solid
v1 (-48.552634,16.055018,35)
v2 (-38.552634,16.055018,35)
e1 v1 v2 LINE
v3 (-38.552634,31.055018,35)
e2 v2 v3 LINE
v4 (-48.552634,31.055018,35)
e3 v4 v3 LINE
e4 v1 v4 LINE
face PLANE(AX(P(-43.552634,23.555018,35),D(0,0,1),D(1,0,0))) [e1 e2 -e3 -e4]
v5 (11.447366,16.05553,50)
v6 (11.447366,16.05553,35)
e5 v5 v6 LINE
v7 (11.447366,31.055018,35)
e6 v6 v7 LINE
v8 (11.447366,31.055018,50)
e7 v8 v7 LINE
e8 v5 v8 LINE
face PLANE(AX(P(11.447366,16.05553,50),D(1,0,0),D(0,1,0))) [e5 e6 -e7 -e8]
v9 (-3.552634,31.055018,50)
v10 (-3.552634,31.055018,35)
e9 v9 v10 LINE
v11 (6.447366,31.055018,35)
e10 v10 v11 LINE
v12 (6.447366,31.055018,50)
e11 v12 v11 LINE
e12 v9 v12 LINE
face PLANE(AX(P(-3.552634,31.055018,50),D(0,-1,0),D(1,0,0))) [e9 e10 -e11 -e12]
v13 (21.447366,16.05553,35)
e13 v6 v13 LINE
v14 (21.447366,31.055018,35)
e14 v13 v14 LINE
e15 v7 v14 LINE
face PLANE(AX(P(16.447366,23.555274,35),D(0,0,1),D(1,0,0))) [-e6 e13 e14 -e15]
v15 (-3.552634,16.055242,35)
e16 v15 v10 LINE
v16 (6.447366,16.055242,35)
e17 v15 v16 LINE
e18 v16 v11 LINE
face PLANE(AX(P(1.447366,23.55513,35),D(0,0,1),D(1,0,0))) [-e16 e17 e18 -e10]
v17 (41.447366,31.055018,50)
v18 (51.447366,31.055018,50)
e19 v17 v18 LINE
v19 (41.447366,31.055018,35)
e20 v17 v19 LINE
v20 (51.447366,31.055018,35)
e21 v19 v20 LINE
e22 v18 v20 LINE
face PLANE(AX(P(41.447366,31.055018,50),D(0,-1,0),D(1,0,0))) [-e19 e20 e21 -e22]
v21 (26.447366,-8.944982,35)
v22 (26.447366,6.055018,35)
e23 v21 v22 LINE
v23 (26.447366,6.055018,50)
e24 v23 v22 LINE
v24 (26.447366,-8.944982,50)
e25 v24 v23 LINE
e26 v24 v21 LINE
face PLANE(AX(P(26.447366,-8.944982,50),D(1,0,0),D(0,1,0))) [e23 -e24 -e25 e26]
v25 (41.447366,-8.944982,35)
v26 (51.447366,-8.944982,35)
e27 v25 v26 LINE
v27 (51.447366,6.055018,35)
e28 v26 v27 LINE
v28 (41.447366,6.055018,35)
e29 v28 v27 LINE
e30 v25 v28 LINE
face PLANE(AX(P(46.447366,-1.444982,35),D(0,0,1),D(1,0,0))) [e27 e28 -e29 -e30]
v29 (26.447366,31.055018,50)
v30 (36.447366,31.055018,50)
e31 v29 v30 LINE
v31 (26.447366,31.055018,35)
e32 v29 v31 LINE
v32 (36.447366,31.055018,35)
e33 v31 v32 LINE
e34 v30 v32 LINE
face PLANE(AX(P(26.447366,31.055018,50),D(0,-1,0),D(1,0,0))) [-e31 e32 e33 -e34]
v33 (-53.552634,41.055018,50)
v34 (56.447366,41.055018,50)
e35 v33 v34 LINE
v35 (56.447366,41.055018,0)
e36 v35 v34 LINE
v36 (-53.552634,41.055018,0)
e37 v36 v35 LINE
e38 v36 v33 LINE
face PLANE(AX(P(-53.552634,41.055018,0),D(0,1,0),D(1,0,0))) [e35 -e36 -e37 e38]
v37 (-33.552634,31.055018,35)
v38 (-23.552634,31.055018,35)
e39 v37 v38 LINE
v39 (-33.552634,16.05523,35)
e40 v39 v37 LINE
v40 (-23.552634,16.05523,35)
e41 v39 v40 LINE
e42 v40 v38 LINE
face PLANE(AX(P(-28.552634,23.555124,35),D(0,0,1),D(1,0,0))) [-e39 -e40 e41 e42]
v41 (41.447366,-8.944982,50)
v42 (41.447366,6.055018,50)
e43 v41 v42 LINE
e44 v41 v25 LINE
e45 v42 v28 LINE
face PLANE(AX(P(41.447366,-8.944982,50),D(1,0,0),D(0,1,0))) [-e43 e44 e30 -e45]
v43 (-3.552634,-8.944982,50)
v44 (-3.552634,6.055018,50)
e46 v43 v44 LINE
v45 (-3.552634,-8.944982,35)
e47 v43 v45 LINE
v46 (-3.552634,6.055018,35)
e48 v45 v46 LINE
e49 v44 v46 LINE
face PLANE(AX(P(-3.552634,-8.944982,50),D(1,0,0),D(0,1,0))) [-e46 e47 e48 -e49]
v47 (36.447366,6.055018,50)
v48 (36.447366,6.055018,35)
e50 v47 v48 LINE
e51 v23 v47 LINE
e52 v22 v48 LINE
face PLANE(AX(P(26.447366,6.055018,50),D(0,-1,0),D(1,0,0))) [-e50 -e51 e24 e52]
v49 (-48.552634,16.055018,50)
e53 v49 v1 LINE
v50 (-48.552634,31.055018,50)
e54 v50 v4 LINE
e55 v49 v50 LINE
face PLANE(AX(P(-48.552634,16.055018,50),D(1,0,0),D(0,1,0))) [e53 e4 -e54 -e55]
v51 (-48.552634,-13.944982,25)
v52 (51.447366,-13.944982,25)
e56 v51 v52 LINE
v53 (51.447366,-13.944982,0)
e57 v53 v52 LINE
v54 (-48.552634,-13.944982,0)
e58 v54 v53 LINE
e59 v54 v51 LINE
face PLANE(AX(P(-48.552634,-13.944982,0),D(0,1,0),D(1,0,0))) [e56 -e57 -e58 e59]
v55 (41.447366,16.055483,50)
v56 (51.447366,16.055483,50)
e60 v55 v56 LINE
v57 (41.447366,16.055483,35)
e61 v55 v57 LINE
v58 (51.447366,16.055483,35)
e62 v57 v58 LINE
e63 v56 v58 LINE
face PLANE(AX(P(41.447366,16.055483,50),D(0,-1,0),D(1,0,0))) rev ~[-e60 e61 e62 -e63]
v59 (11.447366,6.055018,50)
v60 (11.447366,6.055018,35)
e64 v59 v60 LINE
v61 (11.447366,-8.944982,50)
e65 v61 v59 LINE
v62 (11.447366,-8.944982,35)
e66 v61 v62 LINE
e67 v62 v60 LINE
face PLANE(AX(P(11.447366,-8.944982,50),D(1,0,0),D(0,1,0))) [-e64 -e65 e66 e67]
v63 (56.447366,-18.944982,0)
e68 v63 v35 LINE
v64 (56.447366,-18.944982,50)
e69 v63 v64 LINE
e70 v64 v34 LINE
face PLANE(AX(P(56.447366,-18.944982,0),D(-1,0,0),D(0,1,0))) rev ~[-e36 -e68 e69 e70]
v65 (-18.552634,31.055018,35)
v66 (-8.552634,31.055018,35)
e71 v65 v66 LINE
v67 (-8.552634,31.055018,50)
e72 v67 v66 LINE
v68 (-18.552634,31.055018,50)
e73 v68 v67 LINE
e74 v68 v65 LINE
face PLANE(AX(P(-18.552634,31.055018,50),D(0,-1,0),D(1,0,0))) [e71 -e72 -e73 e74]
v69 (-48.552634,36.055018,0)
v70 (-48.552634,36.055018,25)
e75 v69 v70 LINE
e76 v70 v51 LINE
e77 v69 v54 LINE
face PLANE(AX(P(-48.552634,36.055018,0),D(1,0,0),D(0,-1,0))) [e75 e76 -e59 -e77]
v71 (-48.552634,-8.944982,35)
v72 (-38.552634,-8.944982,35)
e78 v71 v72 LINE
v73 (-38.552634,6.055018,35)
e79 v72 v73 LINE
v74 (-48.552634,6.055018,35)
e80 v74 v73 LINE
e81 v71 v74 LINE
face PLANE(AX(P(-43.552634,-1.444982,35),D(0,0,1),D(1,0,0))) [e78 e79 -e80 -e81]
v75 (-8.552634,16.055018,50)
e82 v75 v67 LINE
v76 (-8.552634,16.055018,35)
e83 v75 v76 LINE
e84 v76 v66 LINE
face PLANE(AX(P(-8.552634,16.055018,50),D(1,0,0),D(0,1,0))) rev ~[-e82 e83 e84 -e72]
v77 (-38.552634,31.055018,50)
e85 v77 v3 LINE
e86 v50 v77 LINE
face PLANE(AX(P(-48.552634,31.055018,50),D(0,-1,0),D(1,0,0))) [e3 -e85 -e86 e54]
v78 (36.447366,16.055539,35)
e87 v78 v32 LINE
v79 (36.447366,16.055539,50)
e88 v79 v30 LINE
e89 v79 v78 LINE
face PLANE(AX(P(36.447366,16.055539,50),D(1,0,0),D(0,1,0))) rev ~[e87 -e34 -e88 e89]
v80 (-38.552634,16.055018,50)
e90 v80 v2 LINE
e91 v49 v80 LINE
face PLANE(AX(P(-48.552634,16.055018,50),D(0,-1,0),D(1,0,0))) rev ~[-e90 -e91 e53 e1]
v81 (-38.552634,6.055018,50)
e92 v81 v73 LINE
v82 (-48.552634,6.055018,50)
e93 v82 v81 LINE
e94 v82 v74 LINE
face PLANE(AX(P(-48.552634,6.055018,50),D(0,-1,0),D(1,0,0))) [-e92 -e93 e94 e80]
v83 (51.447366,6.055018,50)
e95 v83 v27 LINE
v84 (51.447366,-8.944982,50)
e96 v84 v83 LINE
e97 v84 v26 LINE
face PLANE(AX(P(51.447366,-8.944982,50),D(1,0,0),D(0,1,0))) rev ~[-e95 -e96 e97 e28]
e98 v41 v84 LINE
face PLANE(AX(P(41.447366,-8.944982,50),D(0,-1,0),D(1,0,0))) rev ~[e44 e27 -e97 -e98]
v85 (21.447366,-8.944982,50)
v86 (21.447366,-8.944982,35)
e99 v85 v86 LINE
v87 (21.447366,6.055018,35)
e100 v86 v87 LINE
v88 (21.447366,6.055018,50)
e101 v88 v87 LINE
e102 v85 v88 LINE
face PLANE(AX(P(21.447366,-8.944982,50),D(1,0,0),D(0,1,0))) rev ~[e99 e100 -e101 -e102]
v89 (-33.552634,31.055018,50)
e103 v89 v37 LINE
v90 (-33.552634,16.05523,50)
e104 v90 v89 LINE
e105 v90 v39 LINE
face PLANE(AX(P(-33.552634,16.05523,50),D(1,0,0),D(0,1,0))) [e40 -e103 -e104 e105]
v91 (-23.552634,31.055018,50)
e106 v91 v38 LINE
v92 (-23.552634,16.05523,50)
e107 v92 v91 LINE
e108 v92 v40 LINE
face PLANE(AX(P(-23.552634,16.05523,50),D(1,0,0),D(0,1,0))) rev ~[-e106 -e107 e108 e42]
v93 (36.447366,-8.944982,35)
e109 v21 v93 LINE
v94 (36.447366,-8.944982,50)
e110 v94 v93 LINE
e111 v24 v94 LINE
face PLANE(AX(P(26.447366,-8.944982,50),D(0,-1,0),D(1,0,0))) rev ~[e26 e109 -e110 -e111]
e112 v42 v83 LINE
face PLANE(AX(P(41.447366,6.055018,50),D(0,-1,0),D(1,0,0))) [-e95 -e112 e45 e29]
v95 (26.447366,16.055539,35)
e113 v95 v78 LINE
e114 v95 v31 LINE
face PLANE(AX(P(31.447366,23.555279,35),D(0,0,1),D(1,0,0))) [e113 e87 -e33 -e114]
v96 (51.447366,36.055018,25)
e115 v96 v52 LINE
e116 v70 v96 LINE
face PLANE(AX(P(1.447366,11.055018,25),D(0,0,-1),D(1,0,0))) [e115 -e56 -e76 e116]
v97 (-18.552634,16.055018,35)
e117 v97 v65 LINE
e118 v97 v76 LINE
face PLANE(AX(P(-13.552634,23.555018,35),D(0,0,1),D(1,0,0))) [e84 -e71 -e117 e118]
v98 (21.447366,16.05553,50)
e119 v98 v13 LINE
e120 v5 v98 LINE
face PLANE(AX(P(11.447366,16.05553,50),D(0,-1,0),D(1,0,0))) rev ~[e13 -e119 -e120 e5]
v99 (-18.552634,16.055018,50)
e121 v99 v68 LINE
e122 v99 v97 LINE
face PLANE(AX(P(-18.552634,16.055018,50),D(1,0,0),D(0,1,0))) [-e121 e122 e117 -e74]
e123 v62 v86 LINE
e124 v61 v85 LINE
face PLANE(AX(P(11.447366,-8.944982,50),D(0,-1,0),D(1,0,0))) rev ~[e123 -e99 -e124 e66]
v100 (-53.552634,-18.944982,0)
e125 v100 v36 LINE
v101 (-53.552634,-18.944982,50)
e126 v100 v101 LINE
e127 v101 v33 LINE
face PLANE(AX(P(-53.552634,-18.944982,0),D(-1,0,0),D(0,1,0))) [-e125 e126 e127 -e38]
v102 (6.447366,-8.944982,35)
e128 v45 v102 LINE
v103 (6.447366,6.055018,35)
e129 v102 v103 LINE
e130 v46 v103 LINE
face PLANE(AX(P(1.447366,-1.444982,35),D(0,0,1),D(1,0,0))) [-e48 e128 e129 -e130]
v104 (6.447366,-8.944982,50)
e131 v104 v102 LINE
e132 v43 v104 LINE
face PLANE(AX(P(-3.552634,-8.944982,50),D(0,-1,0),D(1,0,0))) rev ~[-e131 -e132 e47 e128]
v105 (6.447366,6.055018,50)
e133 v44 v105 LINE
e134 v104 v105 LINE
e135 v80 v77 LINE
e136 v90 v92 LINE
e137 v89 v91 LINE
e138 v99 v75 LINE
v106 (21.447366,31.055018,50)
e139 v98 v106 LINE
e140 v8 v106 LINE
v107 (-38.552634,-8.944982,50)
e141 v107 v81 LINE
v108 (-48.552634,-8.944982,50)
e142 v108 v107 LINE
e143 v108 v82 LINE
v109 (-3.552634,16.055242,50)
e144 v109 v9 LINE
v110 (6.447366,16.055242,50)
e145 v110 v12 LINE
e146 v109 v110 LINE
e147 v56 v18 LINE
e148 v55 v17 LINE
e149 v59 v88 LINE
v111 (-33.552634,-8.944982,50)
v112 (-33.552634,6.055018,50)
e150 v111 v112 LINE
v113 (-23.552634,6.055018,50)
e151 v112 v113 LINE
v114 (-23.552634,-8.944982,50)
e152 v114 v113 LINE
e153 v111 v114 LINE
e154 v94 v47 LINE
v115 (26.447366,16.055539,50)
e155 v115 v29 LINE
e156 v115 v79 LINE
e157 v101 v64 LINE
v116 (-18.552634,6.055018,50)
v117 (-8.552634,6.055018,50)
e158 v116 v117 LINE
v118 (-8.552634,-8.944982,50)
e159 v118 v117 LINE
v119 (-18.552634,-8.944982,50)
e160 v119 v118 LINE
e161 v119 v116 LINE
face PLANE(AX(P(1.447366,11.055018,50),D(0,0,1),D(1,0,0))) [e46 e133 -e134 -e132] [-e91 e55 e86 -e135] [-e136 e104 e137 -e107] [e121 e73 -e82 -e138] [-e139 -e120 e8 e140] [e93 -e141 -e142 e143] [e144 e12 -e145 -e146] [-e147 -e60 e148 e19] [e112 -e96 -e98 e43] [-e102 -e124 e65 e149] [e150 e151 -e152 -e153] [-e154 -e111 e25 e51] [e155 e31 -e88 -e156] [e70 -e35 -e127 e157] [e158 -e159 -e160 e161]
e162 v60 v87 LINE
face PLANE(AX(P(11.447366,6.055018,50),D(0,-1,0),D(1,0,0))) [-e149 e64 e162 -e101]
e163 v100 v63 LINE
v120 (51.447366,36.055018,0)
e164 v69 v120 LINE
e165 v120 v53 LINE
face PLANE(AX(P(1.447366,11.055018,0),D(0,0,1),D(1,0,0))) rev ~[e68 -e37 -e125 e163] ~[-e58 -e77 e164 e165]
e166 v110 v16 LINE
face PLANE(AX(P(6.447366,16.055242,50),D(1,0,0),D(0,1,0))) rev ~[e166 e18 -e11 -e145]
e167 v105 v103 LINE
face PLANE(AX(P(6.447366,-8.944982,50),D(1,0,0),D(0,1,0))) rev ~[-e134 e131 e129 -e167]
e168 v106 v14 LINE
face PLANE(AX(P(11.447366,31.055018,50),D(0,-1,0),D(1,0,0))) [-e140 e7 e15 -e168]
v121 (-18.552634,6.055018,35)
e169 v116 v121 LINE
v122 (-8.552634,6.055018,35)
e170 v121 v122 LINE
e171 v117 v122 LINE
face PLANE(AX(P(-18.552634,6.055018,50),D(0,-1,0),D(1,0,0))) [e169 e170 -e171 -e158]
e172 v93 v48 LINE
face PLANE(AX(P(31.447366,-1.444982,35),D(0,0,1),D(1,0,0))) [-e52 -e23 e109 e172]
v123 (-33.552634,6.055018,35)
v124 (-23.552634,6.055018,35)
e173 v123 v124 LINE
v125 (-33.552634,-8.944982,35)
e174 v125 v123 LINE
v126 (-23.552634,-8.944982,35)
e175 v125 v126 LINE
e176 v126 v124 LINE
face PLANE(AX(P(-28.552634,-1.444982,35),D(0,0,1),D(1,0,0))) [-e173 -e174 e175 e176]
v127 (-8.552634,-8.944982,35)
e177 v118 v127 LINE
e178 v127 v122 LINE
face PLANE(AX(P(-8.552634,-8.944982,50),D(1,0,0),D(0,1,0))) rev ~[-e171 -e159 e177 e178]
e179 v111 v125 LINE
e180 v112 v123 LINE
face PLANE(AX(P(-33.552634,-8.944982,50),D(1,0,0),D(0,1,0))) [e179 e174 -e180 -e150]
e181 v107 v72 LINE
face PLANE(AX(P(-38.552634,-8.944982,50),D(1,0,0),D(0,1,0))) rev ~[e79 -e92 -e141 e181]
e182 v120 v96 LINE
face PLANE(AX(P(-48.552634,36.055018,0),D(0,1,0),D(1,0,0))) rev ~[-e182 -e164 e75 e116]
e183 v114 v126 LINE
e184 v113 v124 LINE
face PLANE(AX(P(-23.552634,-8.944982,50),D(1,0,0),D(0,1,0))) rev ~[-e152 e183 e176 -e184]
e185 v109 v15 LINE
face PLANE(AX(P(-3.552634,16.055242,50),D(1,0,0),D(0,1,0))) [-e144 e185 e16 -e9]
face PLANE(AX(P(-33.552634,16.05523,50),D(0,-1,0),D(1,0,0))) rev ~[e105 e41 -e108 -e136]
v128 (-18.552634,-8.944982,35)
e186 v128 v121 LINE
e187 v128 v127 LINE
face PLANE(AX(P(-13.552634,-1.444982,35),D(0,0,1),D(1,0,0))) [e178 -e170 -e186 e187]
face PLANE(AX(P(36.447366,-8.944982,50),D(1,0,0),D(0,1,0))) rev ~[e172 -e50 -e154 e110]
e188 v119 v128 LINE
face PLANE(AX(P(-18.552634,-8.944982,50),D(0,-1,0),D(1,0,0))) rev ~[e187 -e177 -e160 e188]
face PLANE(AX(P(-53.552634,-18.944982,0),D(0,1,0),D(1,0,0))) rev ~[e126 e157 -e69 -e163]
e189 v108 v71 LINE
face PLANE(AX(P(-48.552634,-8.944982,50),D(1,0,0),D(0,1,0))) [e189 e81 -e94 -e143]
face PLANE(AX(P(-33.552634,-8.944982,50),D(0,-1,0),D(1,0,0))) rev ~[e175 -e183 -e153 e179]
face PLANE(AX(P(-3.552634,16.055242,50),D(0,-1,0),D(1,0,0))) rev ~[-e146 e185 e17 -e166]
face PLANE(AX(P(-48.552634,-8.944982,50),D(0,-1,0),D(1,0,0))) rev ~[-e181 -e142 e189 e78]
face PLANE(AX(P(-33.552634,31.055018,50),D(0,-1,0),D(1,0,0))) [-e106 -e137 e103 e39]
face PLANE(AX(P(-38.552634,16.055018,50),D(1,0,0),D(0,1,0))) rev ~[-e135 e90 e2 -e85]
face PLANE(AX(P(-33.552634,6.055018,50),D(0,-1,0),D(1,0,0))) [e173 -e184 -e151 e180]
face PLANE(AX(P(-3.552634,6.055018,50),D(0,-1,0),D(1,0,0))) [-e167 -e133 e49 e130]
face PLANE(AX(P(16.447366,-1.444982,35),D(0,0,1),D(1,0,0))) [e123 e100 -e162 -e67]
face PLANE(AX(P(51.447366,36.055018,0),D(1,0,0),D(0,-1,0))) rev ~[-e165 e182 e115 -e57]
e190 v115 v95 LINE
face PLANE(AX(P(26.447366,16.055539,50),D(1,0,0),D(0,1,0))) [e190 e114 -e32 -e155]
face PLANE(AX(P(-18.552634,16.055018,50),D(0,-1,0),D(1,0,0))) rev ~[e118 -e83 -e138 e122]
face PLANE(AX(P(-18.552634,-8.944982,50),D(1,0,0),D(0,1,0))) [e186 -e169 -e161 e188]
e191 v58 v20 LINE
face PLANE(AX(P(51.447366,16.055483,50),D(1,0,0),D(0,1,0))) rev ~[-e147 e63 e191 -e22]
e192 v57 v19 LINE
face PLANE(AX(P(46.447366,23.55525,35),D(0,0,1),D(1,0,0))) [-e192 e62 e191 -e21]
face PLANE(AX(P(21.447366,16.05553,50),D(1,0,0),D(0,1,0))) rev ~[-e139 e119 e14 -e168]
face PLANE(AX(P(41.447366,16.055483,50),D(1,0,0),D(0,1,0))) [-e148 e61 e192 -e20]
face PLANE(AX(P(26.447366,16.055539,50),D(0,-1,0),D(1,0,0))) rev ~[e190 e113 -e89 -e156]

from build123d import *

# Parameters (mm, degrees)
F0_W     = 110
F0_H     = 60
F1_DEPTH = 50
F2_W     = 100
F2_H     = 50
F3_DEPTH = 25
F5_W     = 10
F5_H     = 15
F5_H_2   = 14.999788
F5_H_3   = 14.999776
F5_H_4   = 14.999488
F5_H_5   = 14.999479
F5_H_6   = 14.999535
F6_DEPTH = 15


with BuildPart() as f1:
    # F0 (on Top) → F1 (new body)
    with BuildSketch(Plane.XY):
        with Locations((1.447366, 11.055018)):
            Rectangle(F0_W, F0_H)
    extrude(amount=F1_DEPTH)

    # F2 (on face) → F3 (cut)
    with BuildSketch(Plane(origin=(0, 0, 0), x_dir=(1, 0, 0), z_dir=(0, 0, -1))):
        with Locations((1.447366, -11.055018)):
            Rectangle(F2_W, F2_H)
    extrude(amount=-F3_DEPTH, mode=Mode.SUBTRACT)

    # F5 (on face) → F6 (cut)
    with BuildSketch(Plane.XY.offset(50)):
        with Locations((-43.552634, 23.555018)):
            Rectangle(F5_W, F5_H)
        with Locations((-28.552634, 23.555124)):
            Rectangle(F5_W, F5_H_2)
        with Locations((-13.552634, 23.555018)):
            Rectangle(F5_W, F5_H)
        with Locations((1.447366, 23.55513)):
            Rectangle(F5_W, F5_H_3)
        with Locations((16.447366, 23.555274)):
            Rectangle(F5_W, F5_H_4)
        with Locations((31.447366, 23.555279)):
            Rectangle(F5_W, F5_H_5)
        with Locations((46.447366, 23.55525)):
            Rectangle(F5_W, F5_H_6)
        with Locations((-43.552634, -1.444982)):
            Rectangle(F5_W, F5_H)
        with Locations((-28.552634, -1.444982)):
            Rectangle(F5_W, F5_H)
        with Locations((-13.552634, -1.444982)):
            Rectangle(F5_W, F5_H)
        with Locations((1.447366, -1.444982)):
            Rectangle(F5_W, F5_H)
        with Locations((16.447366, -1.444982)):
            Rectangle(F5_W, F5_H)
        with Locations((31.447366, -1.444982)):
            Rectangle(F5_W, F5_H)
        with Locations((46.447366, -1.444982)):
            Rectangle(F5_W, F5_H)
    extrude(amount=-F6_DEPTH, mode=Mode.SUBTRACT)


solid = f1.part
